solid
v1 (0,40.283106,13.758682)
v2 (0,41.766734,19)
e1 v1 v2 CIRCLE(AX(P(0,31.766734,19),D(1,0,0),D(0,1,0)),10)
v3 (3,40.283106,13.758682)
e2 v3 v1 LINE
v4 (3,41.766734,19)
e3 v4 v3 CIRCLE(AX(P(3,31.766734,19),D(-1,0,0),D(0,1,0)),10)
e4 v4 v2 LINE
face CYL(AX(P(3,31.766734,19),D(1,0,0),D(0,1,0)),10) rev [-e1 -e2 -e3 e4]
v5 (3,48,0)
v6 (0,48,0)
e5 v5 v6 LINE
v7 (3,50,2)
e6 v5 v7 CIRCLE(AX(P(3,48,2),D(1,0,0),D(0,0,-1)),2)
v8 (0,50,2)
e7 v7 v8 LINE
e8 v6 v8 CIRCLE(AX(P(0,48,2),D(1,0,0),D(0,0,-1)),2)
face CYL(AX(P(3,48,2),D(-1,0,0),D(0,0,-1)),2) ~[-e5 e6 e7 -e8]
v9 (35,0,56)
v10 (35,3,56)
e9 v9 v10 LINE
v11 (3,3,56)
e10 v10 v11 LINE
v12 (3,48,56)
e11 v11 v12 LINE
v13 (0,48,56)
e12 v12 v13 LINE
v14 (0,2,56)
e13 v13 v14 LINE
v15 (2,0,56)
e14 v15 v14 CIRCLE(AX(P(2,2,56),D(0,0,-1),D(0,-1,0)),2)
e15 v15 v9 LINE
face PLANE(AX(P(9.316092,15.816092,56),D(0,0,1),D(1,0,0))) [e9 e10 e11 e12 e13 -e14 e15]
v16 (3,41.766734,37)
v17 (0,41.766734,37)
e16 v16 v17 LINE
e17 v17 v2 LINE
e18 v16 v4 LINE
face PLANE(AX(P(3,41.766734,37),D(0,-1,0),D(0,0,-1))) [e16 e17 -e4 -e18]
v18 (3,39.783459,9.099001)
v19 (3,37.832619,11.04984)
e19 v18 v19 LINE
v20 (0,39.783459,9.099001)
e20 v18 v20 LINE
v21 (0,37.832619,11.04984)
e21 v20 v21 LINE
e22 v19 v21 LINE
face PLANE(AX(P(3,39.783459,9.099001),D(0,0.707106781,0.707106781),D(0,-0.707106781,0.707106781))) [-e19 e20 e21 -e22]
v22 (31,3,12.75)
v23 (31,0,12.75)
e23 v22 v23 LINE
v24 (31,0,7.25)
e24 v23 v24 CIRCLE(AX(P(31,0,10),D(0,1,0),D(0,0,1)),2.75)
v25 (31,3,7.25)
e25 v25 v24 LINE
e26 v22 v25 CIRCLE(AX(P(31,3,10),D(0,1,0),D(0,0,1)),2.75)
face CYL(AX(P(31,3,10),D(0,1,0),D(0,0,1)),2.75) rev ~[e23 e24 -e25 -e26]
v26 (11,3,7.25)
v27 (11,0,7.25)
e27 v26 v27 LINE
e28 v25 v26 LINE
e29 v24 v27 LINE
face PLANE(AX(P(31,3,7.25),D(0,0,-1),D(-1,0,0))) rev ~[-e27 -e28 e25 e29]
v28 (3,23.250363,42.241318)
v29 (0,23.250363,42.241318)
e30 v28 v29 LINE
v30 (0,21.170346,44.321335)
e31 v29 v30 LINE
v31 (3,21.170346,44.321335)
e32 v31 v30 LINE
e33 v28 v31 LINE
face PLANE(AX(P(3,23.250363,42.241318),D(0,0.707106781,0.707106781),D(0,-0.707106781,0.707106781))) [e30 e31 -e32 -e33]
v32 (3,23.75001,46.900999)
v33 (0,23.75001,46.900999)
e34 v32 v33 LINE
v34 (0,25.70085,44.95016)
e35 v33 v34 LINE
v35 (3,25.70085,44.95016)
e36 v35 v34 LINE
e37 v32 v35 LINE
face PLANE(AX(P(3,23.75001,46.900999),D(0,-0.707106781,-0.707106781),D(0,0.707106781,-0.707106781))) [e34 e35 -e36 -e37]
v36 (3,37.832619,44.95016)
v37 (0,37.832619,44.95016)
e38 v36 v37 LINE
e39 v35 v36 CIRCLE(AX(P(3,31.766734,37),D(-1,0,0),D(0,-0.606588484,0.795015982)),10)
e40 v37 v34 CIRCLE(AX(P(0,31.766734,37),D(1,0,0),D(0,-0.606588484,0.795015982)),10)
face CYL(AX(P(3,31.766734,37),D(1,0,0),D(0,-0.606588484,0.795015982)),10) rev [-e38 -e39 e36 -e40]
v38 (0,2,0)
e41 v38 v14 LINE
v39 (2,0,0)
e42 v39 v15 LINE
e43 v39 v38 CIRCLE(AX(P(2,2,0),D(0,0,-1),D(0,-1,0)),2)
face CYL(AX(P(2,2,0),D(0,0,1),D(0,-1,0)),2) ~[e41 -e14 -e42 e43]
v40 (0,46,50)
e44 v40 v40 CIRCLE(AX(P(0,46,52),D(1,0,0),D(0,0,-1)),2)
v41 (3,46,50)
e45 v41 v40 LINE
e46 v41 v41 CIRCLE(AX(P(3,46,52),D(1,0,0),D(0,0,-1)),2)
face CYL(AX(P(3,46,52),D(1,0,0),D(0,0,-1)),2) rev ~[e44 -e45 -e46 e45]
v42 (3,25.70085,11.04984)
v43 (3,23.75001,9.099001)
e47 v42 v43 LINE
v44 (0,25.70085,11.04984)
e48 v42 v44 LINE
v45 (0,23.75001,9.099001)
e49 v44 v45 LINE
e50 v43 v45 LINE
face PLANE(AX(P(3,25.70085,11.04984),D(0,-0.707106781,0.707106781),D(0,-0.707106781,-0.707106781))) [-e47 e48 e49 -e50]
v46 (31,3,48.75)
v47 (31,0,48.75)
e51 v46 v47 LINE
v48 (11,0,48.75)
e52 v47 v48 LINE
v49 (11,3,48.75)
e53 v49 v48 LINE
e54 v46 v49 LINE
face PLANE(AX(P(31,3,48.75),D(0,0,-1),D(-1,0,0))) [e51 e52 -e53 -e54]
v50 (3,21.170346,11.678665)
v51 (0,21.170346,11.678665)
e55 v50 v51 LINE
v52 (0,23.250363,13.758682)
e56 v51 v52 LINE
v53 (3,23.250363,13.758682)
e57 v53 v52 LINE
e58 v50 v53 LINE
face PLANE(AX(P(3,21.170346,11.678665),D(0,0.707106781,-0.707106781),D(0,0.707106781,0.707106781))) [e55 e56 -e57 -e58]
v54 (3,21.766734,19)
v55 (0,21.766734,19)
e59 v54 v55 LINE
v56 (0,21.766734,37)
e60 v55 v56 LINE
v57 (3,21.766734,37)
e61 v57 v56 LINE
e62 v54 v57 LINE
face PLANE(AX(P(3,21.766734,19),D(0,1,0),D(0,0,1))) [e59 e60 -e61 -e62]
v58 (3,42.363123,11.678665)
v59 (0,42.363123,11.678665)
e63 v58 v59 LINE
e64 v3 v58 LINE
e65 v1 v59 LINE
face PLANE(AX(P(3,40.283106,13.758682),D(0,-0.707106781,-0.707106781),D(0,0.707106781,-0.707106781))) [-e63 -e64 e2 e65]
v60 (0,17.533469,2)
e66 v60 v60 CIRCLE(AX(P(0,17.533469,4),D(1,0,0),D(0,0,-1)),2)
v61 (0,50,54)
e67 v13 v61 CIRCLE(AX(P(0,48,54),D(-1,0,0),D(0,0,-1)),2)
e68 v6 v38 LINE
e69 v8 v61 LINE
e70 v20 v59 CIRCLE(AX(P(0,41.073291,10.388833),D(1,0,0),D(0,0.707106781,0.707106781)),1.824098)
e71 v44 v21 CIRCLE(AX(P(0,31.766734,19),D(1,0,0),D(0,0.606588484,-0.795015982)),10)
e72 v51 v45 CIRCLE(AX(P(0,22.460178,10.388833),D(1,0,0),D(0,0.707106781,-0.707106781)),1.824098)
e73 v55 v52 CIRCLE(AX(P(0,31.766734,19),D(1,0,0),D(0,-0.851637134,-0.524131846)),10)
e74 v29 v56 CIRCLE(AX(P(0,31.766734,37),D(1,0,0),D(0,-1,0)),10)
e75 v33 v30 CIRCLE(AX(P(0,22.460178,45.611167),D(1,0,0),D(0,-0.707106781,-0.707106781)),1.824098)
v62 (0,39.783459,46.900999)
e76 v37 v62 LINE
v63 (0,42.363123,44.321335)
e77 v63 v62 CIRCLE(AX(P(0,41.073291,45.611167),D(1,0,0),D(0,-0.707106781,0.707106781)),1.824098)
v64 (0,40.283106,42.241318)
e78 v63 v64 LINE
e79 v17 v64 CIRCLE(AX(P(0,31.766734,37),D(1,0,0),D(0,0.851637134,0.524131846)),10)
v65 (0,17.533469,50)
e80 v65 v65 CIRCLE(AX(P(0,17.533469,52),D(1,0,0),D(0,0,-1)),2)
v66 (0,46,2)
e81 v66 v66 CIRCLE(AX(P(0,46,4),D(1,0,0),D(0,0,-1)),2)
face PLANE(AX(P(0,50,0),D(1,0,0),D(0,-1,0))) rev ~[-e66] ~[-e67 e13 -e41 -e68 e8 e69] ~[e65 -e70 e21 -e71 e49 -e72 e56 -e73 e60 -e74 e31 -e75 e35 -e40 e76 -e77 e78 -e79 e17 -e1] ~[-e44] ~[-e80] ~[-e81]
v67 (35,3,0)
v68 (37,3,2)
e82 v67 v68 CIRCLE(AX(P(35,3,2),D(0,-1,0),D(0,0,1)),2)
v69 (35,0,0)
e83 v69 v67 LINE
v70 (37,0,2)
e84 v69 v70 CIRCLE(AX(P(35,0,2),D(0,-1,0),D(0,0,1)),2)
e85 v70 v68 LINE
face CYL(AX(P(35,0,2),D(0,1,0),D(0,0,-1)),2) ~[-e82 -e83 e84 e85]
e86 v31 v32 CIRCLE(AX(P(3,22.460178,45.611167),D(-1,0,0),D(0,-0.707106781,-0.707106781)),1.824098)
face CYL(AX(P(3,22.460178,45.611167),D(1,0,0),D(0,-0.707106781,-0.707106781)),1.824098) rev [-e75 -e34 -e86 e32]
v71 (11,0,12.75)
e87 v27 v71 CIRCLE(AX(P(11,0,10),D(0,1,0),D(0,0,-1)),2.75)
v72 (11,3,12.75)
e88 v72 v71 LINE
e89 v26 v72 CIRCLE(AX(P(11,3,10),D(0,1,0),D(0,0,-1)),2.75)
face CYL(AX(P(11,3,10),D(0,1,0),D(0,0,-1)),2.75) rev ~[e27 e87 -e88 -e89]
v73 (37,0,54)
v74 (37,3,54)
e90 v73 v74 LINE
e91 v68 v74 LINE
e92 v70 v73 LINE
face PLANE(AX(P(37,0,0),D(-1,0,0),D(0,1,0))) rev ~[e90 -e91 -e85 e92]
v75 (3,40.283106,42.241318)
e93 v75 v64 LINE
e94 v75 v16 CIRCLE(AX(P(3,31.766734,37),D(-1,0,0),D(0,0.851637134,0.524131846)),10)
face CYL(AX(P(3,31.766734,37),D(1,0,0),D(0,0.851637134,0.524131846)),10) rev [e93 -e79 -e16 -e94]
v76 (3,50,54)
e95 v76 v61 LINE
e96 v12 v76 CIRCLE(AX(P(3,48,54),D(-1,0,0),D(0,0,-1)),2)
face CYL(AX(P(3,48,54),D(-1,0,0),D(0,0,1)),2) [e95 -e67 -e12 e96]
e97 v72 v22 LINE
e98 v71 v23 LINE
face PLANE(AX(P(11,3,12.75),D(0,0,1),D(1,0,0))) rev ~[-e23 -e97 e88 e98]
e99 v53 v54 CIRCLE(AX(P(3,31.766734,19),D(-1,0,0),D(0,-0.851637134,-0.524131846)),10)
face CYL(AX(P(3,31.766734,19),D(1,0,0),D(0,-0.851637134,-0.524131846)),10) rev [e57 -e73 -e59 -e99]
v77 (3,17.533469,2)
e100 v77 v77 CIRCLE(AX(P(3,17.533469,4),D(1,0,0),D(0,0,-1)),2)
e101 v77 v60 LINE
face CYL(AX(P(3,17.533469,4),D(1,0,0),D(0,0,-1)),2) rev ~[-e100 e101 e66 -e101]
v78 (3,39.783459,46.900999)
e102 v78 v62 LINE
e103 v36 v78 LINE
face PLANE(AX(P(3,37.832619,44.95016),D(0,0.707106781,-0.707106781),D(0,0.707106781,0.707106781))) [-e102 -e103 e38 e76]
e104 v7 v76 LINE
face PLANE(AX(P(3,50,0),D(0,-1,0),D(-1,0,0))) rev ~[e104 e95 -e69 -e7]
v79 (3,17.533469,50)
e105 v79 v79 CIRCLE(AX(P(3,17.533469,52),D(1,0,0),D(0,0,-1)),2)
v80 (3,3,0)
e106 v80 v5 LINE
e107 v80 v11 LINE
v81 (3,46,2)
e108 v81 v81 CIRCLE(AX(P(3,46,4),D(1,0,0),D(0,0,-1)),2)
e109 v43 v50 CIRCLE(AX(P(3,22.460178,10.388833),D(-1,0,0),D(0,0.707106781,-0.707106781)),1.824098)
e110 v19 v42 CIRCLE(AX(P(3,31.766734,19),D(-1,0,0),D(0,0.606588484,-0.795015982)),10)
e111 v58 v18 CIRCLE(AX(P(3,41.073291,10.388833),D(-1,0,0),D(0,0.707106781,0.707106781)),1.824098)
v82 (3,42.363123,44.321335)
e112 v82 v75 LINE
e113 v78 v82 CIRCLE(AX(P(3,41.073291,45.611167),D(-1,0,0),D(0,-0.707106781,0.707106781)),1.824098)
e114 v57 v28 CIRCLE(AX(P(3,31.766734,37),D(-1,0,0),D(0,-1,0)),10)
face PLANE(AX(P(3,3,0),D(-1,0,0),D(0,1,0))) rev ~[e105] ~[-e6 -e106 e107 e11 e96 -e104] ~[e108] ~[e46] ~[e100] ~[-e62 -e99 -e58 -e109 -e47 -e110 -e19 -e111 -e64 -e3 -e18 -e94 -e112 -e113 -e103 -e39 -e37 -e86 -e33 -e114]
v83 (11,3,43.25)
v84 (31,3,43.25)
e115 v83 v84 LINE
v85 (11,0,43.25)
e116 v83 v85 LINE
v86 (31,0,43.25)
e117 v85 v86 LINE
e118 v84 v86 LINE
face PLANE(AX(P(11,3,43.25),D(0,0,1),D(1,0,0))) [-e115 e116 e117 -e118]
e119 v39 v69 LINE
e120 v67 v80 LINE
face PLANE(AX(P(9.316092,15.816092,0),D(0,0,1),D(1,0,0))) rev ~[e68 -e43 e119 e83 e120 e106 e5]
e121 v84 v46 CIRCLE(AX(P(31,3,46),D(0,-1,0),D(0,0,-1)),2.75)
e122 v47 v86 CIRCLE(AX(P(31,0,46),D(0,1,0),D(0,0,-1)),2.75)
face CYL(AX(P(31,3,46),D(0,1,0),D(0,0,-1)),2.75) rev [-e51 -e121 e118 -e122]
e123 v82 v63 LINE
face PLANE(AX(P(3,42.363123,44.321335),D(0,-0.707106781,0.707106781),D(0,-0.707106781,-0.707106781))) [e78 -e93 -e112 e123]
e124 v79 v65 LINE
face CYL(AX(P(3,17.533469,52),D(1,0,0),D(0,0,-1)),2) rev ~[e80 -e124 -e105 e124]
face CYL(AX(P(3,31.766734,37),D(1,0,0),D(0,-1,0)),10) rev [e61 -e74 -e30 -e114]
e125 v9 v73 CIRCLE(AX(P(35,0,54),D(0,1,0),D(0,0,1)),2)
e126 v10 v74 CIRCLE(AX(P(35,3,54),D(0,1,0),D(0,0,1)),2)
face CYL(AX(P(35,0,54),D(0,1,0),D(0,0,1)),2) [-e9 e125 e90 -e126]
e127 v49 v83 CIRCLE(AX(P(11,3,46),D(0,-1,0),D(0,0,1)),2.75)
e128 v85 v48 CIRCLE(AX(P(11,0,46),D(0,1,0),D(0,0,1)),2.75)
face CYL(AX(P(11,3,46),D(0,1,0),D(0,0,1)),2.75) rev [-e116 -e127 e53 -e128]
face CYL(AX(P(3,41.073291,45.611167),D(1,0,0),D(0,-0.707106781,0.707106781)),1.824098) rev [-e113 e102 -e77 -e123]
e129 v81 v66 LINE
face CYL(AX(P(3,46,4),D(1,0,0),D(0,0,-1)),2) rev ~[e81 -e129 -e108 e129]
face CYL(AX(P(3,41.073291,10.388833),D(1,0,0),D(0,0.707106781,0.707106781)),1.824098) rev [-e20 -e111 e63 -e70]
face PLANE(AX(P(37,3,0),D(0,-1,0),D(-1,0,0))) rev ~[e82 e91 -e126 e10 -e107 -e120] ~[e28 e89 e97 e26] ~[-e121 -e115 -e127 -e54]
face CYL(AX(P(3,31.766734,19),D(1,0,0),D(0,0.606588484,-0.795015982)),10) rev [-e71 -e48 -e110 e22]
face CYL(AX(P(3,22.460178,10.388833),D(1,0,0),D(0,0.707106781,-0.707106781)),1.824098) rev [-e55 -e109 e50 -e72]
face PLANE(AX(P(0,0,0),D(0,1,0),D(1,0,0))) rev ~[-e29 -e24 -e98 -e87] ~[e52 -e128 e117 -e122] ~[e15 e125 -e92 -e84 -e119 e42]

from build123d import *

# Parameters (mm, degrees)
EXTRUDE_1_DEPTH     = 56
CUT_EXTRUDE_1_DEPTH = 56
SKETCH_3_R          = 2
CUT_EXTRUDE_2_DEPTH = 4
FILLET_1_R          = 2


with BuildPart() as part:
    # 草图1 → 凸台-拉伸1 (new body)
    with BuildSketch(Plane.XY):
        Polygon((0, 0), (37, 0), (37, 3), (3, 3), (3, 50), (0, 50), align=None)
    extrude(amount=EXTRUDE_1_DEPTH)

    # 草图2 → 切除-拉伸1 (cut)
    with BuildSketch(Plane(origin=(0, 3, 0), x_dir=(1, 0, 0), z_dir=(0, 1, 0))):
        with BuildLine():
            Line((11, -12.75), (31, -12.75))
            ThreePointArc((31, -12.75), (33.75, -10), (31, -7.25))
            Line((31, -7.25), (11, -7.25))
            ThreePointArc((11, -7.25), (8.25, -10), (11, -12.75))
        make_face()
        with BuildLine():
            Line((11, -43.25), (31, -43.25))
            ThreePointArc((31, -43.25), (33.75, -46), (31, -48.75))
            Line((31, -48.75), (11, -48.75))
            ThreePointArc((11, -48.75), (8.25, -46), (11, -43.25))
        make_face()
    extrude(amount=-CUT_EXTRUDE_1_DEPTH, mode=Mode.SUBTRACT)

    # 草图3 → 切除-拉伸2 (cut, through all)
    with BuildSketch(Plane(origin=(3, 0, 0), x_dir=(0, 0, -1), z_dir=(1, 0, 0))):
        with Locations((-52, 46)):
            Circle(SKETCH_3_R)
        with Locations((-4, 46)):
            Circle(SKETCH_3_R)
        with Locations((-4, 17.533468943)):
            Circle(SKETCH_3_R)
        with Locations((-52, 17.533468943)):
            Circle(SKETCH_3_R)
        with BuildLine():
            Line((-37, 41.766734471), (-19, 41.766734471))
            ThreePointArc((-19, 41.766734471), (-16.276373136, 41.388681089), (-13.758681543, 40.283105813))
            Line((-13.758681543, 40.283105813), (-11.678664761, 42.363122594))
            ThreePointArc((-11.678664761, 42.363122594), (-9.099000833, 42.363122594), (-9.099000833, 39.783458666))
            Line((-9.099000833, 39.783458666), (-11.049840185, 37.832619314))
            ThreePointArc((-11.049840185, 37.832619314), (-9, 31.766734471), (-11.049840185, 25.700849629))
            Line((-11.049840185, 25.700849629), (-9.099000833, 23.750010277))
            ThreePointArc((-9.099000833, 23.750010277), (-9.099000833, 21.170346349), (-11.678664761, 21.170346349))
            Line((-11.678664761, 21.170346349), (-13.758681543, 23.25036313))
            ThreePointArc((-13.758681543, 23.25036313), (-16.276373136, 22.144787854), (-19, 21.766734471))
            Line((-19, 21.766734471), (-37, 21.766734471))
            ThreePointArc((-37, 21.766734471), (-39.723626864, 22.144787854), (-42.241318457, 23.25036313))
            Line((-42.241318457, 23.25036313), (-44.321335239, 21.170346349))
            ThreePointArc((-44.321335239, 21.170346349), (-46.900999167, 21.170346349), (-46.900999167, 23.750010277))
            Line((-46.900999167, 23.750010277), (-44.950159815, 25.700849629))
            ThreePointArc((-44.950159815, 25.700849629), (-47, 31.766734471), (-44.950159815, 37.832619314))
            Line((-44.950159815, 37.832619314), (-46.900999167, 39.783458666))
            ThreePointArc((-46.900999167, 39.783458666), (-46.900999167, 42.363122594), (-44.321335239, 42.363122594))
            Line((-44.321335239, 42.363122594), (-42.241318457, 40.283105813))
            ThreePointArc((-42.241318457, 40.283105813), (-39.723626864, 41.388681089), (-37, 41.766734471))
        make_face()
    extrude(amount=-CUT_EXTRUDE_2_DEPTH, mode=Mode.SUBTRACT)

    # 圆角1
    fillet_1_edges = [part.edges().sort_by_distance(p)[0] for p in [
        (37, 1.5, 56),
        (0, 0, 28),
        (1.5, 50, 56),
        (1.5, 50, 0),
        (37, 1.5, 0),
    ]]
    fillet(fillet_1_edges, radius=FILLET_1_R)


solid = part.part
